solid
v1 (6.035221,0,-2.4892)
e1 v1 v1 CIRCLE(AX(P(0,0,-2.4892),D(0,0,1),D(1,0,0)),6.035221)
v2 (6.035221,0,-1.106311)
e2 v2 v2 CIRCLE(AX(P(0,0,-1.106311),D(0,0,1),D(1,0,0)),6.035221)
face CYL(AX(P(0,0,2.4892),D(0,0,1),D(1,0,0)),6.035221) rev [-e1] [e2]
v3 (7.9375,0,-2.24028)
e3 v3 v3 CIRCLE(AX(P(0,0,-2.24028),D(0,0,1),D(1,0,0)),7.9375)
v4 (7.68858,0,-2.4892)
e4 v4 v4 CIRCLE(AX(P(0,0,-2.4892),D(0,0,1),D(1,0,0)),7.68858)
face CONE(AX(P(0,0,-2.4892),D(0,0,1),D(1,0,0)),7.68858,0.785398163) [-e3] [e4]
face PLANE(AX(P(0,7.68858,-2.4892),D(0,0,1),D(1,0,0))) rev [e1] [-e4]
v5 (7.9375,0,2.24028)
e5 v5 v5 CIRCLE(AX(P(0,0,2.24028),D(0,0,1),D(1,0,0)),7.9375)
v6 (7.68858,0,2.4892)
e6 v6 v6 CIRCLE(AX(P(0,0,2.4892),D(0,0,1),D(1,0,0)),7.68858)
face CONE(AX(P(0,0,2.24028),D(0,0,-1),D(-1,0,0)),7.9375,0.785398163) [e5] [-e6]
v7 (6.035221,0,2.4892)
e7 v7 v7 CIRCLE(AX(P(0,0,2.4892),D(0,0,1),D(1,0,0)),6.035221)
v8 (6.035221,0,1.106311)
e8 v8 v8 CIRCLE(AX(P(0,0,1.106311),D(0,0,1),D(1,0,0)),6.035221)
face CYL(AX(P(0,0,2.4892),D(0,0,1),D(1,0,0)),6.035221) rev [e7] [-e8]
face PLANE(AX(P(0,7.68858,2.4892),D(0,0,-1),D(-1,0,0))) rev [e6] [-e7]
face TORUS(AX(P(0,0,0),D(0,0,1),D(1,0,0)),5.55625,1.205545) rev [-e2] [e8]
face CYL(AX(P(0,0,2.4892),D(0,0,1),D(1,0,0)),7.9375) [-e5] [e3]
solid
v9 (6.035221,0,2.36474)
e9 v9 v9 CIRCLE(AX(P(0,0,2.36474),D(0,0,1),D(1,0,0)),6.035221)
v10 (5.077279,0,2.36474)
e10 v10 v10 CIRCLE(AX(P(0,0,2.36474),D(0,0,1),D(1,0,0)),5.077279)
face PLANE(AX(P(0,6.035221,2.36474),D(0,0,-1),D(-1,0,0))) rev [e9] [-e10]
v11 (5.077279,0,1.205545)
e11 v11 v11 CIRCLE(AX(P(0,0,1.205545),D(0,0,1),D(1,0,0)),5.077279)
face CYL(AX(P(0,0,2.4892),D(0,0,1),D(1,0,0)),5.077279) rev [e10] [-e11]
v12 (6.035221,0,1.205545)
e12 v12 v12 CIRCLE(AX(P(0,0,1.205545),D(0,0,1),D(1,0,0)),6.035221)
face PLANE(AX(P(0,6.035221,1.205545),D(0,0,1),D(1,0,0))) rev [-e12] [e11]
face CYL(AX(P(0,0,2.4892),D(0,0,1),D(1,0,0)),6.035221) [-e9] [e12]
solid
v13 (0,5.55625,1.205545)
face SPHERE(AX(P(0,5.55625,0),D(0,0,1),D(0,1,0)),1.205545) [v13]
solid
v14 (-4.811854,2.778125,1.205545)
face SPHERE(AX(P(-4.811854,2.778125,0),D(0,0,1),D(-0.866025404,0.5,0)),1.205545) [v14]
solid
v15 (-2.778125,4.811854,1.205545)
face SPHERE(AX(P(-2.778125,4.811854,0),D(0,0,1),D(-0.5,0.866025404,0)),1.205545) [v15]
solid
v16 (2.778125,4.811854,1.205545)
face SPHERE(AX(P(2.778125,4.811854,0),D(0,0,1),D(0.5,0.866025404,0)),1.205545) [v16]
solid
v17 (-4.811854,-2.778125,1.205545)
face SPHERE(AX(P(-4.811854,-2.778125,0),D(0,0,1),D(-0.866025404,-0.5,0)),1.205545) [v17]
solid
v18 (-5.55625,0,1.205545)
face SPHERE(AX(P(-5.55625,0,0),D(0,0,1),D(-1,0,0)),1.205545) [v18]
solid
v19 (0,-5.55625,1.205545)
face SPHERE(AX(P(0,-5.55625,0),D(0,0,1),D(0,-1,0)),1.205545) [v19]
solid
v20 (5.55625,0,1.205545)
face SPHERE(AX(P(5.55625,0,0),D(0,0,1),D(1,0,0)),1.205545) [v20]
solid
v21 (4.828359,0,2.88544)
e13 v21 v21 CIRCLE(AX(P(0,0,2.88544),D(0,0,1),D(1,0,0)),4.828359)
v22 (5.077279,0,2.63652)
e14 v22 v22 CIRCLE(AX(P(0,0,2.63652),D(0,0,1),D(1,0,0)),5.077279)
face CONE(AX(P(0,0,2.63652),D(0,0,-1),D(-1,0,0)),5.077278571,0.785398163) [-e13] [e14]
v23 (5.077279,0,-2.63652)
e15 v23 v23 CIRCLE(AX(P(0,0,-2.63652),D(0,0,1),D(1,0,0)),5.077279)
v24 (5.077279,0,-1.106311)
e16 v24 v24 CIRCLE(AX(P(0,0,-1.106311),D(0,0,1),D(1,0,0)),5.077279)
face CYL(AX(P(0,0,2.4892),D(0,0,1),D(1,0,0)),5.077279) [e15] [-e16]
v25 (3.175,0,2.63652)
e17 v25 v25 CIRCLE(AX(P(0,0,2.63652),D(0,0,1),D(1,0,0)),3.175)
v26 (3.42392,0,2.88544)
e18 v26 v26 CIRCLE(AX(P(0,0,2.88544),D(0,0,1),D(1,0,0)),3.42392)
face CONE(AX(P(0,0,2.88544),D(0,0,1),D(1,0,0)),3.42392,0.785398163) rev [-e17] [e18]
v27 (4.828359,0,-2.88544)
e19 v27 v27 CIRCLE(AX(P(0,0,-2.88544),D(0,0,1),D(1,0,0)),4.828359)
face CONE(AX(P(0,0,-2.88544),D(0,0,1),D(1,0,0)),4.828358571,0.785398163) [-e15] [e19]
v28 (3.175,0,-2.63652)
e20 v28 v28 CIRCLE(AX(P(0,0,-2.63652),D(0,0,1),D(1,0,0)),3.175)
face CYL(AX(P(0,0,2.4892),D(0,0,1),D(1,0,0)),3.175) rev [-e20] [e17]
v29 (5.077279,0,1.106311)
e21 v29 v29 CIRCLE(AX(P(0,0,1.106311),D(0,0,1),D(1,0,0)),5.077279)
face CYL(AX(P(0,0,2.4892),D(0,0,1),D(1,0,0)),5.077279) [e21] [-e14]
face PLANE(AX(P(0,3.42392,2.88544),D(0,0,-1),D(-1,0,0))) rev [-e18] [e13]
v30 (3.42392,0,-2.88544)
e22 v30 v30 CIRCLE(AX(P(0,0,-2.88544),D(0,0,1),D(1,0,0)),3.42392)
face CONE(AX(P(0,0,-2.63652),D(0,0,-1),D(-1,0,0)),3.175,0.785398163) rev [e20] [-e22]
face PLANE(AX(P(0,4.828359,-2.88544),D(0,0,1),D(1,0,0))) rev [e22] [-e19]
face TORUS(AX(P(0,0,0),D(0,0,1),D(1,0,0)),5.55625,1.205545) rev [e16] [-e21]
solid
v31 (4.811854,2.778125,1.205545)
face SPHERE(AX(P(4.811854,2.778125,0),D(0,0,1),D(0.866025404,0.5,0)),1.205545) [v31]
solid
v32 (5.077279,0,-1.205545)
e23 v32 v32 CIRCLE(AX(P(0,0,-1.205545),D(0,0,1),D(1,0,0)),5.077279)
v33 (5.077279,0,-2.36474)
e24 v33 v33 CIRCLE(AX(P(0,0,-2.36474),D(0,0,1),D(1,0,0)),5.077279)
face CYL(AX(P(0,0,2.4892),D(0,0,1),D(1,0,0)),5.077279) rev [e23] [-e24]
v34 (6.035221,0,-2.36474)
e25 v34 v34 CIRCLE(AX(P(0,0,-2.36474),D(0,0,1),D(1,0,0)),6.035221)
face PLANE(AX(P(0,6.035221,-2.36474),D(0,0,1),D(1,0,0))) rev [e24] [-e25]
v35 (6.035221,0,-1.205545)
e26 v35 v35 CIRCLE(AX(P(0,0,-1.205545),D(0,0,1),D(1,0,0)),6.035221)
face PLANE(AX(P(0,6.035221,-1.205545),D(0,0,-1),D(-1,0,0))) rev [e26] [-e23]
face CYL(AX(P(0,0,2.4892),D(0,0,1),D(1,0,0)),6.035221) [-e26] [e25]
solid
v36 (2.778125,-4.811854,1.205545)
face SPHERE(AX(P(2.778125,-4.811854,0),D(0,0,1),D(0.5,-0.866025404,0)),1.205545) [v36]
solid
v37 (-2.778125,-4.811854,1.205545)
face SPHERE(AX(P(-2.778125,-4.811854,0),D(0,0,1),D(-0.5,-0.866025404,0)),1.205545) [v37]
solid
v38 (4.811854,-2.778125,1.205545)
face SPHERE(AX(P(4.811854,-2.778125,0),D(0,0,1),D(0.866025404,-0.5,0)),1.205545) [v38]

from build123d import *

# Parameters (mm, degrees)
CIRPATTERN1_COUNT = 12
SKETCH5_W         = 1.15919535
SKETCH5_H         = 0.957942858


with BuildPart() as part:
    # Sketch1 → Revolve1 (revolve)
    with BuildSketch(Plane(origin=(0, 0, 0), x_dir=(0, 0, -1), z_dir=(1, 0, 0))):
        with BuildLine():
            Line((2.24028, 7.9375), (-2.24028, 7.9375))
            Line((-2.24028, 7.9375), (-2.4892, 7.68858))
            Line((-2.4892, 7.68858), (-2.4892, 6.035221429))
            Line((-2.4892, 6.035221429), (-1.106311111, 6.035221429))
            ThreePointArc((-1.106311111, 6.035221429), (0, 6.76179465), (1.106311111, 6.035221429))
            Line((1.106311111, 6.035221429), (2.4892, 6.035221429))
            Line((2.4892, 6.035221429), (2.4892, 7.68858))
            Line((2.4892, 7.68858), (2.24028, 7.9375))
        make_face()
    revolve(axis=Axis((0, 0, 2.4892), (0, 0, -1)))


with BuildPart() as body_2:
    # Sketch3 → Revolve3 (revolve)
    with BuildSketch(Plane(origin=(0, 0, 0), x_dir=(0, 0, -1), z_dir=(1, 0, 0))):
        with BuildLine():
            Line((-2.88544, 3.42392), (-2.88544, 4.828358571))
            Line((-2.88544, 4.828358571), (-2.63652, 5.077278571))
            Line((-2.63652, 5.077278571), (-1.106311111, 5.077278571))
            ThreePointArc((-1.106311111, 5.077278571), (0, 4.35070535), (1.106311111, 5.077278571))
            Line((1.106311111, 5.077278571), (2.63652, 5.077278571))
            Line((2.63652, 5.077278571), (2.88544, 4.828358571))
            Line((2.88544, 4.828358571), (2.88544, 3.42392))
            Line((2.88544, 3.42392), (2.63652, 3.175))
            Line((2.63652, 3.175), (-2.63652, 3.175))
            Line((-2.63652, 3.175), (-2.88544, 3.42392))
        make_face()
    revolve(axis=Axis((0, 0, 2.4892), (0, 0, -1)))


with BuildPart() as body_3:
    # Sketch4 → Revolve4 (revolve)
    with BuildSketch(Plane(origin=(0, 0, 0), x_dir=(0, 0, -1), z_dir=(1, 0, 0))):
        with BuildLine():
            Line((-1.20554465, 5.55625), (1.20554465, 5.55625))
            ThreePointArc((1.20554465, 5.55625), (0, 6.76179465), (-1.20554465, 5.55625))
        make_face()
    revolve(axis=Axis((0, 5.55625, 1.20554465), (0, 0, -1)))


with BuildPart() as cirpattern1_1:
    # CirPattern1: pattern copy
    add(body_3.part.rotate(Axis((0, 0, -2.4892), (0, 0, 1)), 1 * 360 / CIRPATTERN1_COUNT))


with BuildPart() as cirpattern1_2:
    # CirPattern1: pattern copy
    add(body_3.part.rotate(Axis((0, 0, -2.4892), (0, 0, 1)), 2 * 360 / CIRPATTERN1_COUNT))


with BuildPart() as cirpattern1_3:
    # CirPattern1: pattern copy
    add(body_3.part.rotate(Axis((0, 0, -2.4892), (0, 0, 1)), 3 * 360 / CIRPATTERN1_COUNT))


with BuildPart() as cirpattern1_4:
    # CirPattern1: pattern copy
    add(body_3.part.rotate(Axis((0, 0, -2.4892), (0, 0, 1)), 4 * 360 / CIRPATTERN1_COUNT))


with BuildPart() as cirpattern1_5:
    # CirPattern1: pattern copy
    add(body_3.part.rotate(Axis((0, 0, -2.4892), (0, 0, 1)), 5 * 360 / CIRPATTERN1_COUNT))


with BuildPart() as cirpattern1_6:
    # CirPattern1: pattern copy
    add(body_3.part.rotate(Axis((0, 0, -2.4892), (0, 0, 1)), 6 * 360 / CIRPATTERN1_COUNT))


with BuildPart() as cirpattern1_7:
    # CirPattern1: pattern copy
    add(body_3.part.rotate(Axis((0, 0, -2.4892), (0, 0, 1)), 7 * 360 / CIRPATTERN1_COUNT))


with BuildPart() as cirpattern1_8:
    # CirPattern1: pattern copy
    add(body_3.part.rotate(Axis((0, 0, -2.4892), (0, 0, 1)), 8 * 360 / CIRPATTERN1_COUNT))


with BuildPart() as cirpattern1_9:
    # CirPattern1: pattern copy
    add(body_3.part.rotate(Axis((0, 0, -2.4892), (0, 0, 1)), 9 * 360 / CIRPATTERN1_COUNT))


with BuildPart() as cirpattern1_10:
    # CirPattern1: pattern copy
    add(body_3.part.rotate(Axis((0, 0, -2.4892), (0, 0, 1)), 10 * 360 / CIRPATTERN1_COUNT))


with BuildPart() as cirpattern1_11:
    # CirPattern1: pattern copy
    add(body_3.part.rotate(Axis((0, 0, -2.4892), (0, 0, 1)), 11 * 360 / CIRPATTERN1_COUNT))


with BuildPart() as body_15:
    # Sketch5 → Revolve5 (revolve)
    with BuildSketch(Plane(origin=(0, 0, 0), x_dir=(0, 0, -1), z_dir=(1, 0, 0))):
        with Locations((-1.785142325, 5.55625)):
            Rectangle(SKETCH5_W, SKETCH5_H)
        with Locations((1.785142325, 5.55625)):
            Rectangle(SKETCH5_W, SKETCH5_H)
    revolve(axis=Axis((0, 0, 2.4892), (0, 0, -1)))


solid = Compound([part.part, body_2.part, body_3.part, cirpattern1_1.part, cirpattern1_2.part, cirpattern1_3.part, cirpattern1_4.part, cirpattern1_5.part, cirpattern1_6.part, cirpattern1_7.part, cirpattern1_8.part, cirpattern1_9.part, cirpattern1_10.part, cirpattern1_11.part, body_15.part])
